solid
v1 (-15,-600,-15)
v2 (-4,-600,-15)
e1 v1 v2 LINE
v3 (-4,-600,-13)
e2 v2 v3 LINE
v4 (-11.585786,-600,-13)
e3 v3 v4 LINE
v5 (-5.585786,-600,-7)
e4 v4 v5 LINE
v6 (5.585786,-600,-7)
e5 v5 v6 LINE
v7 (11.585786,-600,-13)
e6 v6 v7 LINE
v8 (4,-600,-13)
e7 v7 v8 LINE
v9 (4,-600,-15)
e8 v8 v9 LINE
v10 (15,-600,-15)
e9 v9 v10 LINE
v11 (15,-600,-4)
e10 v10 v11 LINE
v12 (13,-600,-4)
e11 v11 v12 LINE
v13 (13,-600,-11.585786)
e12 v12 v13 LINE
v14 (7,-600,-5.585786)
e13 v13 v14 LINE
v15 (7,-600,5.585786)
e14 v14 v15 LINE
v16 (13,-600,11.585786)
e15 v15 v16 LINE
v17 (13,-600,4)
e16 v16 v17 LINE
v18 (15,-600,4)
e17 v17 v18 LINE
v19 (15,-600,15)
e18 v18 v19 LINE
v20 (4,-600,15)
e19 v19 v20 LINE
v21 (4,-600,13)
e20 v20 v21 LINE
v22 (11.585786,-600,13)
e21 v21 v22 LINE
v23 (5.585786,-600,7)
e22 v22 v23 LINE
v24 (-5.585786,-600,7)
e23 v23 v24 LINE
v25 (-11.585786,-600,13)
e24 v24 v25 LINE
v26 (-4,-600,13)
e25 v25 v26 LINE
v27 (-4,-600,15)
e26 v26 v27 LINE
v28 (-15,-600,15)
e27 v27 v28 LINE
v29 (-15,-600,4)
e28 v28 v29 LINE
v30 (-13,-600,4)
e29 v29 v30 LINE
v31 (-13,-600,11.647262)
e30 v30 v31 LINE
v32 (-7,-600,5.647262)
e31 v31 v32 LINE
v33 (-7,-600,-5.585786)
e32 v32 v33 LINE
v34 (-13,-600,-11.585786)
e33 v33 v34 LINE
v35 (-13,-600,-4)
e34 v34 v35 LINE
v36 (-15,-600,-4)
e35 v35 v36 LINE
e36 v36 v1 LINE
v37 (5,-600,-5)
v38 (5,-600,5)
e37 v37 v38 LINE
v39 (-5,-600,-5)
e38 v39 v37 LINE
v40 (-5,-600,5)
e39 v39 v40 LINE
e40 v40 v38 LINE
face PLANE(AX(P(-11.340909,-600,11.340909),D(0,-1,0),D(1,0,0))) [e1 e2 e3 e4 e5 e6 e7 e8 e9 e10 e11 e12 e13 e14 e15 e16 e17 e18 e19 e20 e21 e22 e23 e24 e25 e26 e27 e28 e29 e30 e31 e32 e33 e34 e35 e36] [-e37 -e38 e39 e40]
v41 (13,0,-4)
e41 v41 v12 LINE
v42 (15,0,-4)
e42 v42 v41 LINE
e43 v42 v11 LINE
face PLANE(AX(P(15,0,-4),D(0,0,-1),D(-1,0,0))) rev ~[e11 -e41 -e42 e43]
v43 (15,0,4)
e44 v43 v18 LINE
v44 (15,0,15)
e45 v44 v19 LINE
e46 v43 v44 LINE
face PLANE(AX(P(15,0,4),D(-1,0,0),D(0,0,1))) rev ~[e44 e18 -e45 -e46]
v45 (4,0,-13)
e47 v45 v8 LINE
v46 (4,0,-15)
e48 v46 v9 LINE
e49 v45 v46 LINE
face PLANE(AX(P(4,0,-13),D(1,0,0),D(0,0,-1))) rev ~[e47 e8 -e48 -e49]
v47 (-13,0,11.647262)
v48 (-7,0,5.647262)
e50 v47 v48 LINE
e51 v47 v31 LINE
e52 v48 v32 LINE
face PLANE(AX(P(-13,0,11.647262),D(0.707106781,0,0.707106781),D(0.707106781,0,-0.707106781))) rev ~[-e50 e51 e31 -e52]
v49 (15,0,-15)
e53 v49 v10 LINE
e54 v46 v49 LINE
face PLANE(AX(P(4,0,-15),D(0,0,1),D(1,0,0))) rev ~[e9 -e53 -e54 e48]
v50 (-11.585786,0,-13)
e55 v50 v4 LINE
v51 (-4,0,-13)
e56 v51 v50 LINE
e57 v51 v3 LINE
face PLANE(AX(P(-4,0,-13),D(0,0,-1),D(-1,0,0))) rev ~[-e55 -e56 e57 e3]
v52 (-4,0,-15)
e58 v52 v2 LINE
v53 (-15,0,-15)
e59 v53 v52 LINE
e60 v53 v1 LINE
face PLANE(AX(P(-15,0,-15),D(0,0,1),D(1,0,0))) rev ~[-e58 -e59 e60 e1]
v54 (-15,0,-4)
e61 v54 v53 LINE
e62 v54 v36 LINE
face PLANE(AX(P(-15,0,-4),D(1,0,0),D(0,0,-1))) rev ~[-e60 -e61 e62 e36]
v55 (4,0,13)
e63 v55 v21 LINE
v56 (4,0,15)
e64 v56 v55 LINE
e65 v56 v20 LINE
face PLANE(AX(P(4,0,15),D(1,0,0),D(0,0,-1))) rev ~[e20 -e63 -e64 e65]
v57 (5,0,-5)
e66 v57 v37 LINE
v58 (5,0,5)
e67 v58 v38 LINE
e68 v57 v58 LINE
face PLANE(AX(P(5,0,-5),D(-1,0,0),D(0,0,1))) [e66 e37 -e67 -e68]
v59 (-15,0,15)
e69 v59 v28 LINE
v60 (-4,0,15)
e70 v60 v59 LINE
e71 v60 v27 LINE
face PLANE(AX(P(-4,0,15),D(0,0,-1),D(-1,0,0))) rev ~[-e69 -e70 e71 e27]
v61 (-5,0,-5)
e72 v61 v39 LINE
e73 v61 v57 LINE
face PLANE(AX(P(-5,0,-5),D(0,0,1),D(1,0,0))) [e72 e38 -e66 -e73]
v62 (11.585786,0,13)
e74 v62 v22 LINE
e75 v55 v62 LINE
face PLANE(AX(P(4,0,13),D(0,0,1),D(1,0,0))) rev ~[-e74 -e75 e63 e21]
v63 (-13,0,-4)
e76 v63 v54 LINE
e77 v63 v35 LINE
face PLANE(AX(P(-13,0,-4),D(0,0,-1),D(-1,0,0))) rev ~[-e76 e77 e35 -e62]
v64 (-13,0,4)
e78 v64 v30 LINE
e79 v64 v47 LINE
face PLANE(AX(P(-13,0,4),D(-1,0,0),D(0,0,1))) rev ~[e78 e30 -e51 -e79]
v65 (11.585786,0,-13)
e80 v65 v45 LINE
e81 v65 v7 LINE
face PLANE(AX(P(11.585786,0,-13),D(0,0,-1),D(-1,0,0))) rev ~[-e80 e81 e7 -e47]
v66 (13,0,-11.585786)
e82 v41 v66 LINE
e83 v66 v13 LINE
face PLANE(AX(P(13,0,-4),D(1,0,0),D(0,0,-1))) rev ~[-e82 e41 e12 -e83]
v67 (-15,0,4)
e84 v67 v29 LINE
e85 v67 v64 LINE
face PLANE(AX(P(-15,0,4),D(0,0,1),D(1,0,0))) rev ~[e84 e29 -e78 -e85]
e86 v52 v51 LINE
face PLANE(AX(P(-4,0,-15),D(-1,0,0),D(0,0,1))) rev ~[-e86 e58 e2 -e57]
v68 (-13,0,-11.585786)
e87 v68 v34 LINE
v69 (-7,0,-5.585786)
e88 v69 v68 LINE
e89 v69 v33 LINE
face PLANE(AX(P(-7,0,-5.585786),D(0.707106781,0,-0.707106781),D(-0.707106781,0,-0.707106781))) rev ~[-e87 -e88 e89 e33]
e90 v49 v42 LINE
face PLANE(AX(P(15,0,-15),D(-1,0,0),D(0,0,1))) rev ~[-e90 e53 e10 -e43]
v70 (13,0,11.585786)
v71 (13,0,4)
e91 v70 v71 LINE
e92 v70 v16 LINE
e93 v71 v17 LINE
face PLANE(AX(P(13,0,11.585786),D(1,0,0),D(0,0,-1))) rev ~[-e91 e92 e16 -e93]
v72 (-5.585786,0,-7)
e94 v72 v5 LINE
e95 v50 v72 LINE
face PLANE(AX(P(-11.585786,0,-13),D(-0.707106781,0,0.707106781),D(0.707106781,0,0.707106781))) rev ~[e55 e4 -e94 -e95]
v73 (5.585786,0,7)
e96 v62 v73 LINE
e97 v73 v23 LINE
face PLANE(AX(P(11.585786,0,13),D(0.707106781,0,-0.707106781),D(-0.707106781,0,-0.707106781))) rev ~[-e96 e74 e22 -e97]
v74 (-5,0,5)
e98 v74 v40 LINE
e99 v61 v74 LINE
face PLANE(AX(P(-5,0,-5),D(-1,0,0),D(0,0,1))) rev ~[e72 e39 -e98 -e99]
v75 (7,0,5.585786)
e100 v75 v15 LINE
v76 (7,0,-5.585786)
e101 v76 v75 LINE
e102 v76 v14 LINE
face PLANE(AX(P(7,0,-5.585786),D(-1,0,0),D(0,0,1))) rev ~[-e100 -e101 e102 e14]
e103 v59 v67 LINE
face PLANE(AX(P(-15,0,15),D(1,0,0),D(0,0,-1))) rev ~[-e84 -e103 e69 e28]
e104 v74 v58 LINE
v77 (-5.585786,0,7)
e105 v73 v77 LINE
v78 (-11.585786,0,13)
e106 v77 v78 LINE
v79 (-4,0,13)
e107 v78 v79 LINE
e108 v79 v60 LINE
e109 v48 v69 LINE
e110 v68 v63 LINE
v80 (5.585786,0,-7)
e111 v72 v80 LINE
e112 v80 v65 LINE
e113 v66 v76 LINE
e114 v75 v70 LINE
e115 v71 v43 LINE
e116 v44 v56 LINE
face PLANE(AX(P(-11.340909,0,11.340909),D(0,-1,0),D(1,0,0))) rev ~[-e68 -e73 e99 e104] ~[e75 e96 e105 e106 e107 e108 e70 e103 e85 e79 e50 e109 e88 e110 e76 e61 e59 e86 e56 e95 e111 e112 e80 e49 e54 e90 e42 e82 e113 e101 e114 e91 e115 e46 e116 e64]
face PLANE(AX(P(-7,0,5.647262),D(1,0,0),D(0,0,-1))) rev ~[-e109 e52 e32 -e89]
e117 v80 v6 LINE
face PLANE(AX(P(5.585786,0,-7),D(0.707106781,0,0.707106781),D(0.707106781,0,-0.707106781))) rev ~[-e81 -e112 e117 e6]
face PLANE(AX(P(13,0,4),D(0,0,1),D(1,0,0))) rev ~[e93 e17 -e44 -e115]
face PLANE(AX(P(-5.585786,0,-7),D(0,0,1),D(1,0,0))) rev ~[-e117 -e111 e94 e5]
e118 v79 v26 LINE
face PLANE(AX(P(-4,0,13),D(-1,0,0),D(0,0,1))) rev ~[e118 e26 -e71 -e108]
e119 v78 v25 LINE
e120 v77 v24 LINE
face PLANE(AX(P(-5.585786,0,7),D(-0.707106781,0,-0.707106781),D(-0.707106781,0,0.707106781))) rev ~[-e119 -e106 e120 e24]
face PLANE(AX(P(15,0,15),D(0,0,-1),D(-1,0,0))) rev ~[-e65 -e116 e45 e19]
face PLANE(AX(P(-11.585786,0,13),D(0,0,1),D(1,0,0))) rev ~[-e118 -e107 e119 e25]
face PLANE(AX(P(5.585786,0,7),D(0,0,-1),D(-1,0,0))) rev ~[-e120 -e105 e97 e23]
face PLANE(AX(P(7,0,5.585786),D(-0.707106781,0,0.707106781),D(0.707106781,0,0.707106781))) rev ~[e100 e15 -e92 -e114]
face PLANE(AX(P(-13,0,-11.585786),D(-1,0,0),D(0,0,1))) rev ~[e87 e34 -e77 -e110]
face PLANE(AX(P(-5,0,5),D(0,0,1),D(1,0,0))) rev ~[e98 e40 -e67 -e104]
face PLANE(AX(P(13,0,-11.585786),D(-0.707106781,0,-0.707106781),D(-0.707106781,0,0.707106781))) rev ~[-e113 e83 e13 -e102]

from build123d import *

# Parameters (mm, degrees)
F1_W     = 10
F1_H     = 10
F2_DEPTH = 600


with BuildPart() as f2:
    # F1 (on Front) → F2 (new body)
    with BuildSketch(Plane.XZ):
        Polygon((-13, 4), (-13, 11.6472616792), (-13, 13), (-11.5857864376, 13), (-4, 13), (-4, 15), (-15, 15), (-15, 4), align=None)
        Polygon((-13, 11.6472616792), (-7, 5.6472616792), (-7, 7), (-5.5857864376, 7), (-11.5857864376, 13), (-13, 13), align=None)
        Polygon((13, 13), (13, 11.5857864376), (13, 4), (15, 4), (15, 15), (4, 15), (4, 13), (11.5857864376, 13), align=None)
        Polygon((7, 7), (7, 5.5857864376), (13, 11.5857864376), (13, 13), (11.5857864376, 13), (5.5857864376, 7), align=None)
        Polygon((5.5857864376, -7), (7, -7), (7, -5.5857864376), (7, 5.5857864376), (7, 7), (5.5857864376, 7), (-5.5857864376, 7), (-7, 7), (-7, 5.6472616792), (-7, -5.5857864376), (-7, -7), (-5.5857864376, -7), align=None)
        Rectangle(F1_W, F1_H, mode=Mode.SUBTRACT)
        Polygon((13, -13), (11.5857864376, -13), (4, -13), (4, -15), (15, -15), (15, -4), (13, -4), (13, -11.5857864376), align=None)
        Polygon((7, -5.5857864376), (7, -7), (5.5857864376, -7), (11.5857864376, -13), (13, -13), (13, -11.5857864376), align=None)
        Polygon((-4, -13), (-11.5857864376, -13), (-13, -13), (-13, -11.5857864376), (-13, -4), (-15, -4), (-15, -15), (-4, -15), align=None)
        Polygon((-11.5857864376, -13), (-5.5857864376, -7), (-7, -7), (-7, -5.5857864376), (-13, -11.5857864376), (-13, -13), align=None)
    extrude(amount=F2_DEPTH)


solid = f2.part
